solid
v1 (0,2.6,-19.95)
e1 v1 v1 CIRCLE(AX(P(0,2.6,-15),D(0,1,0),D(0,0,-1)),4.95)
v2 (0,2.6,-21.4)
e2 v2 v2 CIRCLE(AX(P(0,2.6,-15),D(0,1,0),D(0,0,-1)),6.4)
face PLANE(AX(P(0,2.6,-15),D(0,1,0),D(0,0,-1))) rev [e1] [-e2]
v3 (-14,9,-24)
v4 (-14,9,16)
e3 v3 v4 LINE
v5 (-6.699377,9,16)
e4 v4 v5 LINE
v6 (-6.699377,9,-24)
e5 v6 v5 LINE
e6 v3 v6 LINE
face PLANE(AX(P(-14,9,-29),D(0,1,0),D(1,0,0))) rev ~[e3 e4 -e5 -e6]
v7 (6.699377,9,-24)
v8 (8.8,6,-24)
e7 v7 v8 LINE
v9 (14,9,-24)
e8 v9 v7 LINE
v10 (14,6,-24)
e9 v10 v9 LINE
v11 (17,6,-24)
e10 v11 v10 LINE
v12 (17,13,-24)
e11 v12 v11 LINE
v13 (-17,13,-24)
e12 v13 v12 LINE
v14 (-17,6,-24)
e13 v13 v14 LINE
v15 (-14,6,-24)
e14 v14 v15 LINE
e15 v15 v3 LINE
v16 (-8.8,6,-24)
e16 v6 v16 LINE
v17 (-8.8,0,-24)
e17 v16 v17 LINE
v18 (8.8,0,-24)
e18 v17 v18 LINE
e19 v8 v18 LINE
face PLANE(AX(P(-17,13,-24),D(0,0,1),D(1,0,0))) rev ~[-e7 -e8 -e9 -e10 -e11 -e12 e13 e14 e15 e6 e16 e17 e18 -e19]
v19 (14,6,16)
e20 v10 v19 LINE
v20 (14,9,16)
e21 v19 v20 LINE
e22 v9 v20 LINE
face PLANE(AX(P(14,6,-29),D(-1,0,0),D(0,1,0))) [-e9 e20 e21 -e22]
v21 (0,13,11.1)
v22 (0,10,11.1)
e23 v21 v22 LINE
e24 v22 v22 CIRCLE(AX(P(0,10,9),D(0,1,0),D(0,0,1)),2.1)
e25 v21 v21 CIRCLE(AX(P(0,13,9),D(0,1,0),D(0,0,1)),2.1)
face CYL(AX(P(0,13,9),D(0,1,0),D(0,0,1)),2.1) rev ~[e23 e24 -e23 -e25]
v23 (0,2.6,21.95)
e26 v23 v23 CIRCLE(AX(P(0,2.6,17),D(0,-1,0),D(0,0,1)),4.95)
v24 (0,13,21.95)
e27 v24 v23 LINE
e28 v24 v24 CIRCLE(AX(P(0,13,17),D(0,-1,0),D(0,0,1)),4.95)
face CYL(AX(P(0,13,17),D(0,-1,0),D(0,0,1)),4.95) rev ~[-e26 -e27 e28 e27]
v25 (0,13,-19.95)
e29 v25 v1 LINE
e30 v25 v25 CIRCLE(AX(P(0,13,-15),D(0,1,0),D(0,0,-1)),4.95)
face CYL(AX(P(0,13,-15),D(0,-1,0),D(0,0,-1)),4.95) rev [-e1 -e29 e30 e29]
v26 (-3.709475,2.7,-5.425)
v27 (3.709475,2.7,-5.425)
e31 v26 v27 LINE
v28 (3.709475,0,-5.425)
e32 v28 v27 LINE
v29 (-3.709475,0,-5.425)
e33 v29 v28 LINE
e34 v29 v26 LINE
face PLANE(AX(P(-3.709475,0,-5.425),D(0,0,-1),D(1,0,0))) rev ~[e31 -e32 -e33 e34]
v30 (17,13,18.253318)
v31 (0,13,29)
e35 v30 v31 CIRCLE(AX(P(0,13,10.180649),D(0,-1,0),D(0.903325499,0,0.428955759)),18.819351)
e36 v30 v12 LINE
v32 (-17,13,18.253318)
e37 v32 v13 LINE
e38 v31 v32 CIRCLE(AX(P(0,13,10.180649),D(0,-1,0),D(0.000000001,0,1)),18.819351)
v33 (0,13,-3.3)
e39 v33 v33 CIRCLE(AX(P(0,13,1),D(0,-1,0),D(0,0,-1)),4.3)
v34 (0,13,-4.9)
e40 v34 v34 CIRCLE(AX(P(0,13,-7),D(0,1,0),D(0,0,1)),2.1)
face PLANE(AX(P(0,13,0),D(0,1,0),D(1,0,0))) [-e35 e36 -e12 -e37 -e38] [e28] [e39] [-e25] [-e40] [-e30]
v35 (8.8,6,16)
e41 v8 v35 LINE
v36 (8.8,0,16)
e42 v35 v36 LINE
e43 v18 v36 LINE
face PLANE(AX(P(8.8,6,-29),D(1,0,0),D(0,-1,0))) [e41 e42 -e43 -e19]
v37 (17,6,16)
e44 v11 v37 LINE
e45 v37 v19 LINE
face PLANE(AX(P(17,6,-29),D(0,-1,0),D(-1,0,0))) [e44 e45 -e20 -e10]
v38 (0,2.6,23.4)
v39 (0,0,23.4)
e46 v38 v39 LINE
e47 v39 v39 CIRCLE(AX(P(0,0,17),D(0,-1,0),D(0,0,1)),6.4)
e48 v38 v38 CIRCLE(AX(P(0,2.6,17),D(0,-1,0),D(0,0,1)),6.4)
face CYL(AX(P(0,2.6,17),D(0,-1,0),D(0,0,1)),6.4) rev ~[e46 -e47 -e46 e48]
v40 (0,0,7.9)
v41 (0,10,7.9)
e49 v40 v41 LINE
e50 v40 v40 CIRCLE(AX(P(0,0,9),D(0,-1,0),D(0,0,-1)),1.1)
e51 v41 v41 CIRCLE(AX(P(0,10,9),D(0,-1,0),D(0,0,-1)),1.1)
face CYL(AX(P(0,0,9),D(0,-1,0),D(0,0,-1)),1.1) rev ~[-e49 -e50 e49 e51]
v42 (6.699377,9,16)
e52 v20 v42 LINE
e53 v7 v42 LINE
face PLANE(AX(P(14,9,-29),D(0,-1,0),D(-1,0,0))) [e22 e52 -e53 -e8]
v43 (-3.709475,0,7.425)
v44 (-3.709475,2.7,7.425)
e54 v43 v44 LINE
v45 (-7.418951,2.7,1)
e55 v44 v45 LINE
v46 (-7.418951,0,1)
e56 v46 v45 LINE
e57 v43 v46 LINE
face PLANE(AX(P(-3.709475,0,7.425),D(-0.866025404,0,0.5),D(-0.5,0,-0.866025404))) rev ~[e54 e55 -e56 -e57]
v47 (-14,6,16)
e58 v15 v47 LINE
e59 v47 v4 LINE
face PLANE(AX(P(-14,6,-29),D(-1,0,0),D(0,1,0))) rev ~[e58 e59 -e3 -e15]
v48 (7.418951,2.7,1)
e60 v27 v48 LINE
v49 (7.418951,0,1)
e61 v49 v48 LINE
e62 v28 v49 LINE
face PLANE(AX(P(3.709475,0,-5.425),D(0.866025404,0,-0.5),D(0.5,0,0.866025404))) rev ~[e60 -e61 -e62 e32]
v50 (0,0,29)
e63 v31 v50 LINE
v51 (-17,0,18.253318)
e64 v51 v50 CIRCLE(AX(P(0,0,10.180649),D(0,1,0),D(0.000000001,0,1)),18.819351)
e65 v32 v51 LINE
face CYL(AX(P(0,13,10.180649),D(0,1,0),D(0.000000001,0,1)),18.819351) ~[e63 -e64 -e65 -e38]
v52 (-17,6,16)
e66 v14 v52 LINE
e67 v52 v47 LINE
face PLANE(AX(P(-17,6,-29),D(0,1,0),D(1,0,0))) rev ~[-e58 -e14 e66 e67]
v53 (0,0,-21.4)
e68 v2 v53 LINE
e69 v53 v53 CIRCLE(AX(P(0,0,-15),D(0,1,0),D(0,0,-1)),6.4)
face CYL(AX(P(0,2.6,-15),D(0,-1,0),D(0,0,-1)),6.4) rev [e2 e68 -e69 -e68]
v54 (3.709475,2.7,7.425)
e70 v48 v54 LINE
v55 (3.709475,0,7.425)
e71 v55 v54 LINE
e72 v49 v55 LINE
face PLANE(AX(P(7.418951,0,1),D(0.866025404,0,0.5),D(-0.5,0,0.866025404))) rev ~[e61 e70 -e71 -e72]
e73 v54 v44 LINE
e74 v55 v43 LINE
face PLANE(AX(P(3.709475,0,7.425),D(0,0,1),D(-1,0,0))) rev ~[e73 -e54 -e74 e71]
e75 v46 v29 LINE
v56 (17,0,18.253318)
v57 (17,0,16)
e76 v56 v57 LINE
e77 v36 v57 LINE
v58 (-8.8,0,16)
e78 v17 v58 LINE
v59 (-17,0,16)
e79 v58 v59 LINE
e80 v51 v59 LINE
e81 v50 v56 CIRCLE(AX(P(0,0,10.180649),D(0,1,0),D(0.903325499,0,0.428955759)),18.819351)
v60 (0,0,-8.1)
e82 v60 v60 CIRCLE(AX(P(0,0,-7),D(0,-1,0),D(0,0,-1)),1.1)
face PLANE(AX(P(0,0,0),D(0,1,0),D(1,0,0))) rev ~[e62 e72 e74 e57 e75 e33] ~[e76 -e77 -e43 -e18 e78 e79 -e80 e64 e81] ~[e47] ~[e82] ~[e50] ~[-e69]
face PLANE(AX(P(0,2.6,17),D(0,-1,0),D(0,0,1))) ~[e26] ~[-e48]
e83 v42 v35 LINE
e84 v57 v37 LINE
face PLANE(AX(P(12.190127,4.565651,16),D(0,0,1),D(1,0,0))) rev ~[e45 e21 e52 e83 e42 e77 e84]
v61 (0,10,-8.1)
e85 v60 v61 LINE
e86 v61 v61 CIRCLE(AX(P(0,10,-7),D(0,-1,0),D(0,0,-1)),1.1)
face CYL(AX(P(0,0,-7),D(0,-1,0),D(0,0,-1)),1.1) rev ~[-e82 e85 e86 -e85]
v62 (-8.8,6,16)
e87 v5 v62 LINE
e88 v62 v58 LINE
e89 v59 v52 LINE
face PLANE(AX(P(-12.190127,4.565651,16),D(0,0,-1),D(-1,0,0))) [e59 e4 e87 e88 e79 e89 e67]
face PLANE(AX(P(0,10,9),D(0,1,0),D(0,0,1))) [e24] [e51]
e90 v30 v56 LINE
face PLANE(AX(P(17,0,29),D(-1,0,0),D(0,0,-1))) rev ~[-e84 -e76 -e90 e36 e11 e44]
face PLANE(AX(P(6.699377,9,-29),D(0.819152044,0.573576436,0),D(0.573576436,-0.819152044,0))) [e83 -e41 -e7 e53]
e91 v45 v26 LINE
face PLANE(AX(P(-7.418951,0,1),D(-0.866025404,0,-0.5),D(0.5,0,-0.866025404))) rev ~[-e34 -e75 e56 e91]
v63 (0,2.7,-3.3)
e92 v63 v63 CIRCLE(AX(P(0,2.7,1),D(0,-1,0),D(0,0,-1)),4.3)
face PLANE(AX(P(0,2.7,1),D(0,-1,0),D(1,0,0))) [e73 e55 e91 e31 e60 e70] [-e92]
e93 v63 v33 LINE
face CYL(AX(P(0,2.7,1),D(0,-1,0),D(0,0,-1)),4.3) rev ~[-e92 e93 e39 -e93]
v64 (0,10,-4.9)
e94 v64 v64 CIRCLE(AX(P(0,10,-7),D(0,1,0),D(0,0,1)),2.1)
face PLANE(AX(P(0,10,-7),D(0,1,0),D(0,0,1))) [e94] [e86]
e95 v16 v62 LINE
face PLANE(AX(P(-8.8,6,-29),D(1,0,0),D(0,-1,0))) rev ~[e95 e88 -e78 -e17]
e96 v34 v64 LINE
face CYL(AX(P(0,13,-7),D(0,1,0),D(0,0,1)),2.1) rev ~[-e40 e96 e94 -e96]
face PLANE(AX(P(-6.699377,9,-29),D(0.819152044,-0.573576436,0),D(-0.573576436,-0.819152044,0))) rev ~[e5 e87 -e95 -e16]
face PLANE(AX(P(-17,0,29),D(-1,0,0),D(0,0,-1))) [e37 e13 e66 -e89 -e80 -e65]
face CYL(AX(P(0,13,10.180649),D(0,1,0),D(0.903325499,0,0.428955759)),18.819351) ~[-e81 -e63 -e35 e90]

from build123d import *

# Parameters (mm, degrees)
SKETCH1_W           = 34
SKETCH1_H           = 58
BOSS_EXTRUDE1_DEPTH = 13
CUT_EXTRUDE1_DEPTH  = 2.7
SKETCH5_R           = 4.3
CUT_EXTRUDE2_DEPTH  = 36.158071619
CUT_EXTRUDE3_DEPTH  = 45
CUT_EXTRUDE4_DEPTH  = 37.041642582
SKETCH9_R           = 1.1
CUT_EXTRUDE5_DEPTH  = 13
SKETCH10_R          = 2.1
CUT_EXTRUDE6_DEPTH  = 3
SKETCH12_W          = 34
SKETCH12_H          = 5
CUT_EXTRUDE7_DEPTH  = 15


with BuildPart() as part:
    # Sketch1 → Boss-Extrude1 (new body)
    with BuildSketch(Plane(origin=(0, 0, 0), x_dir=(1, 0, 0), z_dir=(0, 1, 0))):
        Rectangle(SKETCH1_W, SKETCH1_H)
    extrude(amount=BOSS_EXTRUDE1_DEPTH)

    # Sketch3 → Cut-Revolve1 (revolve, cut)
    with BuildSketch(Plane(origin=(0, 0, 0), x_dir=(0, 0, -1), z_dir=(1, 0, 0)), mode=Mode.PRIVATE) as cut_revolve1_sk:
        Polygon((-17, 13), (-12.05, 13), (-12.05, 2.6), (-10.6, 2.6), (-10.6, 0), (-17, 0), align=None)
    revolve(cut_revolve1_sk.sketch.rotate(Axis((0, 13, 17), (0, -1, 0)), 180), axis=Axis((0, 13, 17), (0, -1, 0)), mode=Mode.SUBTRACT)

    # Sketch4 → Cut-Extrude1 (cut)
    with BuildSketch(Plane.XZ):
        Polygon((3.70947548, -5.425), (7.418950959, 1), (3.70947548, 7.425), (-3.70947548, 7.425), (-7.418950959, 1), (-3.70947548, -5.425), align=None)
    extrude(amount=-CUT_EXTRUDE1_DEPTH, mode=Mode.SUBTRACT)

    # Sketch5 → Cut-Extrude2 (cut, through all)
    with BuildSketch(Plane.XZ.offset(-2.7)):
        with Locations(Location((0, 1, 0), (0, 0, 270))):
            Circle(SKETCH5_R)
    extrude(amount=-CUT_EXTRUDE2_DEPTH, mode=Mode.SUBTRACT)

    # Sketch6 → Cut-Extrude3 (cut)
    with BuildSketch(Plane(origin=(0, 0, -29), x_dir=(-1, 0, 0), z_dir=(0, 0, -1))):
        Polygon((-17, 6), (-14, 6), (-14, 9), (-6.699377385, 9), (-8.8, 6), (-8.8, 0), (-17, 0), align=None)
        Polygon((8.8, 0), (17, 0), (17, 6), (14, 6), (14, 9), (6.699377385, 9), (8.8, 6), align=None)
    extrude(amount=-CUT_EXTRUDE3_DEPTH, mode=Mode.SUBTRACT)

    # Sketch7 → Cut-Extrude4 (cut, through all)
    with BuildSketch(Plane(origin=(0, 13, 0), x_dir=(1, 0, 0), z_dir=(0, 1, 0))):
        with BuildLine():
            Line((17, -29), (17, -18.253317763))
            ThreePointArc((17, -18.253317763), (10.05598304, -26.088042865), (1.4e-08, -29))
            Line((1.4e-08, -29), (17, -29))
        make_face()
        with BuildLine():
            Line((-17, -29), (1.4e-08, -29))
            ThreePointArc((1.4e-08, -29), (-10.055983028, -26.088042873), (-17, -18.253317763))
            Line((-17, -18.253317763), (-17, -29))
        make_face()
    extrude(amount=-CUT_EXTRUDE4_DEPTH, mode=Mode.SUBTRACT)

    # Sketch11 → Cut-Revolve2 (revolve, cut)
    with BuildSketch(Plane(origin=(0, 0, 0), x_dir=(0, 0, -1), z_dir=(1, 0, 0))):
        Polygon((15, 0), (15, 13), (19.95, 13), (19.95, 2.6), (21.4, 2.6), (21.4, 0), align=None)
    revolve(axis=Axis((0, 0, -15), (0, 1, 0)), mode=Mode.SUBTRACT)

    # Sketch9 → Cut-Extrude5 (cut)
    with BuildSketch(Plane.XZ):
        with Locations(Location((0, -7, 0), (0, 0, 270))):
            Circle(SKETCH9_R)
        with Locations(Location((0, 9, 0), (0, 0, 270))):
            Circle(SKETCH9_R)
    extrude(amount=-CUT_EXTRUDE5_DEPTH, mode=Mode.SUBTRACT)

    # Sketch10 → Cut-Extrude6 (cut)
    with BuildSketch(Plane(origin=(0, 13, 0), x_dir=(1, 0, 0), z_dir=(0, 1, 0))):
        with Locations(Location((0, 7, 0), (0, 0, 270))):
            Circle(SKETCH10_R)
        with Locations(Location((0, -9, 0), (0, 0, 270))):
            Circle(SKETCH10_R)
    extrude(amount=-CUT_EXTRUDE6_DEPTH, mode=Mode.SUBTRACT)

    # Sketch12 → Cut-Extrude7 (cut)
    with BuildSketch(Plane(origin=(0, 13, 0), x_dir=(1, 0, 0), z_dir=(0, 1, 0))):
        with Locations((0, 26.5)):
            Rectangle(SKETCH12_W, SKETCH12_H)
    extrude(amount=-CUT_EXTRUDE7_DEPTH, mode=Mode.SUBTRACT)


solid = part.part
